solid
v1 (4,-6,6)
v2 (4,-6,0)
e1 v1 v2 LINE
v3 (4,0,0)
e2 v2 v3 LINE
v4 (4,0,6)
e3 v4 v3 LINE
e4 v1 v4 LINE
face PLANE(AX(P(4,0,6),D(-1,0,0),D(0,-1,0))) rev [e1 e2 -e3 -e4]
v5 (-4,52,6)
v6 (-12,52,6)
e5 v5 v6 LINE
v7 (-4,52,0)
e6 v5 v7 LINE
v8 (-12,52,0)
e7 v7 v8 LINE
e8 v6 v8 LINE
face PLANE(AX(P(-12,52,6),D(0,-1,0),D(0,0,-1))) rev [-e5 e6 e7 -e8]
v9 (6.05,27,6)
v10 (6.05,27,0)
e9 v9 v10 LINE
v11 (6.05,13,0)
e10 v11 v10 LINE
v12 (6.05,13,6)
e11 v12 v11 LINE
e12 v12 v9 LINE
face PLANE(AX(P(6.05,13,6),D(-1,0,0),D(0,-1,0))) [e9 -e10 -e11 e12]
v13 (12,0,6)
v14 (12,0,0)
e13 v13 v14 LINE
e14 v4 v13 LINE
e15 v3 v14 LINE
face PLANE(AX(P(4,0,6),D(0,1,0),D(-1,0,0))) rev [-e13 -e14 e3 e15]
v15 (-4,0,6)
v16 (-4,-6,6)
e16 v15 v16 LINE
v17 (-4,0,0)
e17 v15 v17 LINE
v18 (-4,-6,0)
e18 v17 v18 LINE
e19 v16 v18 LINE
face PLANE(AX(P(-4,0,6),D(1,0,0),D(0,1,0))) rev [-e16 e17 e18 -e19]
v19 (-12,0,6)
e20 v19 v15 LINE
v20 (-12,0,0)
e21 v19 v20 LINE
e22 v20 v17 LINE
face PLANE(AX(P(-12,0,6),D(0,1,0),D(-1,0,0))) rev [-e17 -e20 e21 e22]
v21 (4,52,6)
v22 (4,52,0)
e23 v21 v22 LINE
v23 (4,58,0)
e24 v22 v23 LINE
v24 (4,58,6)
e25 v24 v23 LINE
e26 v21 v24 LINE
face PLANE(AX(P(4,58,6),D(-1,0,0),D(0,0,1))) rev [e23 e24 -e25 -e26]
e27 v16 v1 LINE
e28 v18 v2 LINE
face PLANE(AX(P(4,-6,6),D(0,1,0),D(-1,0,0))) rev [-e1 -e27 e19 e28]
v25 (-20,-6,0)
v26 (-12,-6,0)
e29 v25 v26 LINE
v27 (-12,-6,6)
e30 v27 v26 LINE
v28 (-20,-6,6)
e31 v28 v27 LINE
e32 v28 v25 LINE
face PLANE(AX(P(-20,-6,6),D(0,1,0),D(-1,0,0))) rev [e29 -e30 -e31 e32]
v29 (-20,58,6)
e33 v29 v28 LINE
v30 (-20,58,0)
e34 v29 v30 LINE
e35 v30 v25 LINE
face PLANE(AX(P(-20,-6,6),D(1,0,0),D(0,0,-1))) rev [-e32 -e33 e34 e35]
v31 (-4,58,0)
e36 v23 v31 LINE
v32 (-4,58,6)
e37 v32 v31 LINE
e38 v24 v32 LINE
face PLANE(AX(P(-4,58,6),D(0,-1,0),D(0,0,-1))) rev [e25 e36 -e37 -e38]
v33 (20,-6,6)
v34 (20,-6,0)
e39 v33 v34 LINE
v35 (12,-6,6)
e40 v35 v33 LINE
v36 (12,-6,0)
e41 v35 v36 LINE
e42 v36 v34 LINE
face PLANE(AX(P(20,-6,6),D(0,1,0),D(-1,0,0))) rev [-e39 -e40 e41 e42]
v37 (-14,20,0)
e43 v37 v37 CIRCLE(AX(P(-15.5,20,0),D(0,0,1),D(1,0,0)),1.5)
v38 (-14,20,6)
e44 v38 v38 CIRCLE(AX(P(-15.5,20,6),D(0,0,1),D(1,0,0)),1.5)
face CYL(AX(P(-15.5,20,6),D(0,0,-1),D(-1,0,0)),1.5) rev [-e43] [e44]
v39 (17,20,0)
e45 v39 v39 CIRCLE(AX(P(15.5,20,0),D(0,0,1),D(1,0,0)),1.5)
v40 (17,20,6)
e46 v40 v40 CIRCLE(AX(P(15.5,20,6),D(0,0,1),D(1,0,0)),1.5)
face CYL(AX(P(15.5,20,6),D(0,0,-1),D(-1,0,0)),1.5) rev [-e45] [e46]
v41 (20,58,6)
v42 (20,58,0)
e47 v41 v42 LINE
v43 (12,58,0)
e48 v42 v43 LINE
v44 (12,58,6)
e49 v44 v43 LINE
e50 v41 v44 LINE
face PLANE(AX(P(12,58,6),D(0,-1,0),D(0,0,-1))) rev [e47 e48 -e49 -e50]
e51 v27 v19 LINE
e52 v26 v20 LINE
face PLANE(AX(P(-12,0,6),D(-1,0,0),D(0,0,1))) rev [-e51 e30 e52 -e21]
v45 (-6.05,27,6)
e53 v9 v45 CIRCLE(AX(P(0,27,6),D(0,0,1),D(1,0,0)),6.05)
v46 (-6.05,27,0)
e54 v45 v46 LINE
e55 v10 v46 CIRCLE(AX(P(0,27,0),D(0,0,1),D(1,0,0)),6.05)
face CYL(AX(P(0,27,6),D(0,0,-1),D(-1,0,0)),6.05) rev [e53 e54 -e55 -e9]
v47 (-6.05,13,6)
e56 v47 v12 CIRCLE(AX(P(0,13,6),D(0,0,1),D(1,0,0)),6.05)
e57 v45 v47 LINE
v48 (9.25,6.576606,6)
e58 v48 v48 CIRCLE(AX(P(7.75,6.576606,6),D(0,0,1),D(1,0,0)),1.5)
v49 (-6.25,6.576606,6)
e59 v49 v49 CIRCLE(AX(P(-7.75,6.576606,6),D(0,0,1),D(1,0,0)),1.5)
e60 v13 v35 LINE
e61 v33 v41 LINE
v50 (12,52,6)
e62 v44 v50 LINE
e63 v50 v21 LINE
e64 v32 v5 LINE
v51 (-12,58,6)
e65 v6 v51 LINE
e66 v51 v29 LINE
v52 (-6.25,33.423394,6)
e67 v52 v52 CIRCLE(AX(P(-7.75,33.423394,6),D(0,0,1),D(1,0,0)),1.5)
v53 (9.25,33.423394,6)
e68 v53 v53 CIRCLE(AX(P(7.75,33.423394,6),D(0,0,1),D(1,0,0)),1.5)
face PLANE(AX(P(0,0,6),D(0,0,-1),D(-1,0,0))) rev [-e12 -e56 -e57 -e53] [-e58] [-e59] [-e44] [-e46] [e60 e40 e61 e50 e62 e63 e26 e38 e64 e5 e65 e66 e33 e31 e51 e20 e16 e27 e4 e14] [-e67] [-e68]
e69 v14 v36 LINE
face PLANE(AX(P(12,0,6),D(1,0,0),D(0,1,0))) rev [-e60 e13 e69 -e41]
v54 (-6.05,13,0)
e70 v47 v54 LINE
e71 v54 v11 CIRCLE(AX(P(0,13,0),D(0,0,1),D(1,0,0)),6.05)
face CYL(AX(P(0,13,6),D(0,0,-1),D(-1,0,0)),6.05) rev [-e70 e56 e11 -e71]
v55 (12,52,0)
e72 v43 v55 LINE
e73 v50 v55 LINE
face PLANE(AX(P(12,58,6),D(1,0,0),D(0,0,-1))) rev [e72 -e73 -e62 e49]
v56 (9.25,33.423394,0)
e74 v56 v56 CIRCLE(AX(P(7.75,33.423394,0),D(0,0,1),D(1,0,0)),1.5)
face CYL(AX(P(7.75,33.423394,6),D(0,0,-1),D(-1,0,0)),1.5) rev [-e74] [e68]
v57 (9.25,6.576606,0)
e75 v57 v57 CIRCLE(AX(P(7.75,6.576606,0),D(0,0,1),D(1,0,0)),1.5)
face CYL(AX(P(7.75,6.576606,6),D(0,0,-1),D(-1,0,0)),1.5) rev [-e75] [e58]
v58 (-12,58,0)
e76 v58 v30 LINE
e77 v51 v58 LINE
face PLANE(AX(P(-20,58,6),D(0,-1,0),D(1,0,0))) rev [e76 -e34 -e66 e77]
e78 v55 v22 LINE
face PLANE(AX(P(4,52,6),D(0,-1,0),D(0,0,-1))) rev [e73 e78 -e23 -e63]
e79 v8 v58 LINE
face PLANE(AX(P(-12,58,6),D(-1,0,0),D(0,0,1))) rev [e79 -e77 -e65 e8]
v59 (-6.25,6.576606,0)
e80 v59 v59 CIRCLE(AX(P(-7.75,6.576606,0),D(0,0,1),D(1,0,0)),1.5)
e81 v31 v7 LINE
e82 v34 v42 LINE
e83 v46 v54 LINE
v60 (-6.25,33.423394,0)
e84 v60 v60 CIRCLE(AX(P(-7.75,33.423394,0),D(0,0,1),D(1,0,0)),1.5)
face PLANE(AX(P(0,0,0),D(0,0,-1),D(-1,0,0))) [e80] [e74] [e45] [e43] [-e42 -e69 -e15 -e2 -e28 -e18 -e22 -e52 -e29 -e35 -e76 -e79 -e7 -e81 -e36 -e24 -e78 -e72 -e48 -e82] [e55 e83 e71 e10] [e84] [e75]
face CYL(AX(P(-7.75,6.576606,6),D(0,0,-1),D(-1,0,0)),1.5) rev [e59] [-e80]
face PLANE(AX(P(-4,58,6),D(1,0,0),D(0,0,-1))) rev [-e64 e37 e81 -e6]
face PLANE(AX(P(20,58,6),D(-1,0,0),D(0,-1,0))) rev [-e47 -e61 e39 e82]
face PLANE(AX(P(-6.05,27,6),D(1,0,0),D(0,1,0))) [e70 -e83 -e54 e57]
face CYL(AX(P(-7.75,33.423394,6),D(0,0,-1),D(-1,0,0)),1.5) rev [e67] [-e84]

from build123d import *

# Parameters (mm, degrees)
ESQUISSE1_R        = 1.5
BOSS_EXTRU_1_DEPTH = 6


with BuildPart() as part:
    # Esquisse1 → Boss.-Extru.1 (new body)
    with BuildSketch(Plane.XY):
        Polygon((-20, 58), (-12, 58), (-12, 52), (-4, 52), (-4, 58), (4, 58), (4, 52), (12, 52), (12, 58), (20, 58), (20, -1), (20, -6), (12, -6), (12, 0), (4, 0), (4, -6), (-4, -6), (-4, 0), (-12, 0), (-12, -6), (-20, -6), align=None)
        with Locations((-15.5, 20)):
            Circle(ESQUISSE1_R, mode=Mode.SUBTRACT)
        with Locations((-7.75, 33.423393759)):
            Circle(ESQUISSE1_R, mode=Mode.SUBTRACT)
        with Locations((7.75, 33.423393759)):
            Circle(ESQUISSE1_R, mode=Mode.SUBTRACT)
        with Locations((15.5, 20)):
            Circle(ESQUISSE1_R, mode=Mode.SUBTRACT)
        with Locations((7.75, 6.576606241)):
            Circle(ESQUISSE1_R, mode=Mode.SUBTRACT)
        with Locations((-7.75, 6.576606241)):
            Circle(ESQUISSE1_R, mode=Mode.SUBTRACT)
        with BuildLine():
            Line((-6.05, 27), (-6.05, 13))
            ThreePointArc((-6.05, 13), (0, 6.95), (6.05, 13))
            Line((6.05, 13), (6.05, 27))
            ThreePointArc((6.05, 27), (0, 33.05), (-6.05, 27))
        make_face(mode=Mode.SUBTRACT)
    extrude(amount=BOSS_EXTRU_1_DEPTH)


solid = part.part
